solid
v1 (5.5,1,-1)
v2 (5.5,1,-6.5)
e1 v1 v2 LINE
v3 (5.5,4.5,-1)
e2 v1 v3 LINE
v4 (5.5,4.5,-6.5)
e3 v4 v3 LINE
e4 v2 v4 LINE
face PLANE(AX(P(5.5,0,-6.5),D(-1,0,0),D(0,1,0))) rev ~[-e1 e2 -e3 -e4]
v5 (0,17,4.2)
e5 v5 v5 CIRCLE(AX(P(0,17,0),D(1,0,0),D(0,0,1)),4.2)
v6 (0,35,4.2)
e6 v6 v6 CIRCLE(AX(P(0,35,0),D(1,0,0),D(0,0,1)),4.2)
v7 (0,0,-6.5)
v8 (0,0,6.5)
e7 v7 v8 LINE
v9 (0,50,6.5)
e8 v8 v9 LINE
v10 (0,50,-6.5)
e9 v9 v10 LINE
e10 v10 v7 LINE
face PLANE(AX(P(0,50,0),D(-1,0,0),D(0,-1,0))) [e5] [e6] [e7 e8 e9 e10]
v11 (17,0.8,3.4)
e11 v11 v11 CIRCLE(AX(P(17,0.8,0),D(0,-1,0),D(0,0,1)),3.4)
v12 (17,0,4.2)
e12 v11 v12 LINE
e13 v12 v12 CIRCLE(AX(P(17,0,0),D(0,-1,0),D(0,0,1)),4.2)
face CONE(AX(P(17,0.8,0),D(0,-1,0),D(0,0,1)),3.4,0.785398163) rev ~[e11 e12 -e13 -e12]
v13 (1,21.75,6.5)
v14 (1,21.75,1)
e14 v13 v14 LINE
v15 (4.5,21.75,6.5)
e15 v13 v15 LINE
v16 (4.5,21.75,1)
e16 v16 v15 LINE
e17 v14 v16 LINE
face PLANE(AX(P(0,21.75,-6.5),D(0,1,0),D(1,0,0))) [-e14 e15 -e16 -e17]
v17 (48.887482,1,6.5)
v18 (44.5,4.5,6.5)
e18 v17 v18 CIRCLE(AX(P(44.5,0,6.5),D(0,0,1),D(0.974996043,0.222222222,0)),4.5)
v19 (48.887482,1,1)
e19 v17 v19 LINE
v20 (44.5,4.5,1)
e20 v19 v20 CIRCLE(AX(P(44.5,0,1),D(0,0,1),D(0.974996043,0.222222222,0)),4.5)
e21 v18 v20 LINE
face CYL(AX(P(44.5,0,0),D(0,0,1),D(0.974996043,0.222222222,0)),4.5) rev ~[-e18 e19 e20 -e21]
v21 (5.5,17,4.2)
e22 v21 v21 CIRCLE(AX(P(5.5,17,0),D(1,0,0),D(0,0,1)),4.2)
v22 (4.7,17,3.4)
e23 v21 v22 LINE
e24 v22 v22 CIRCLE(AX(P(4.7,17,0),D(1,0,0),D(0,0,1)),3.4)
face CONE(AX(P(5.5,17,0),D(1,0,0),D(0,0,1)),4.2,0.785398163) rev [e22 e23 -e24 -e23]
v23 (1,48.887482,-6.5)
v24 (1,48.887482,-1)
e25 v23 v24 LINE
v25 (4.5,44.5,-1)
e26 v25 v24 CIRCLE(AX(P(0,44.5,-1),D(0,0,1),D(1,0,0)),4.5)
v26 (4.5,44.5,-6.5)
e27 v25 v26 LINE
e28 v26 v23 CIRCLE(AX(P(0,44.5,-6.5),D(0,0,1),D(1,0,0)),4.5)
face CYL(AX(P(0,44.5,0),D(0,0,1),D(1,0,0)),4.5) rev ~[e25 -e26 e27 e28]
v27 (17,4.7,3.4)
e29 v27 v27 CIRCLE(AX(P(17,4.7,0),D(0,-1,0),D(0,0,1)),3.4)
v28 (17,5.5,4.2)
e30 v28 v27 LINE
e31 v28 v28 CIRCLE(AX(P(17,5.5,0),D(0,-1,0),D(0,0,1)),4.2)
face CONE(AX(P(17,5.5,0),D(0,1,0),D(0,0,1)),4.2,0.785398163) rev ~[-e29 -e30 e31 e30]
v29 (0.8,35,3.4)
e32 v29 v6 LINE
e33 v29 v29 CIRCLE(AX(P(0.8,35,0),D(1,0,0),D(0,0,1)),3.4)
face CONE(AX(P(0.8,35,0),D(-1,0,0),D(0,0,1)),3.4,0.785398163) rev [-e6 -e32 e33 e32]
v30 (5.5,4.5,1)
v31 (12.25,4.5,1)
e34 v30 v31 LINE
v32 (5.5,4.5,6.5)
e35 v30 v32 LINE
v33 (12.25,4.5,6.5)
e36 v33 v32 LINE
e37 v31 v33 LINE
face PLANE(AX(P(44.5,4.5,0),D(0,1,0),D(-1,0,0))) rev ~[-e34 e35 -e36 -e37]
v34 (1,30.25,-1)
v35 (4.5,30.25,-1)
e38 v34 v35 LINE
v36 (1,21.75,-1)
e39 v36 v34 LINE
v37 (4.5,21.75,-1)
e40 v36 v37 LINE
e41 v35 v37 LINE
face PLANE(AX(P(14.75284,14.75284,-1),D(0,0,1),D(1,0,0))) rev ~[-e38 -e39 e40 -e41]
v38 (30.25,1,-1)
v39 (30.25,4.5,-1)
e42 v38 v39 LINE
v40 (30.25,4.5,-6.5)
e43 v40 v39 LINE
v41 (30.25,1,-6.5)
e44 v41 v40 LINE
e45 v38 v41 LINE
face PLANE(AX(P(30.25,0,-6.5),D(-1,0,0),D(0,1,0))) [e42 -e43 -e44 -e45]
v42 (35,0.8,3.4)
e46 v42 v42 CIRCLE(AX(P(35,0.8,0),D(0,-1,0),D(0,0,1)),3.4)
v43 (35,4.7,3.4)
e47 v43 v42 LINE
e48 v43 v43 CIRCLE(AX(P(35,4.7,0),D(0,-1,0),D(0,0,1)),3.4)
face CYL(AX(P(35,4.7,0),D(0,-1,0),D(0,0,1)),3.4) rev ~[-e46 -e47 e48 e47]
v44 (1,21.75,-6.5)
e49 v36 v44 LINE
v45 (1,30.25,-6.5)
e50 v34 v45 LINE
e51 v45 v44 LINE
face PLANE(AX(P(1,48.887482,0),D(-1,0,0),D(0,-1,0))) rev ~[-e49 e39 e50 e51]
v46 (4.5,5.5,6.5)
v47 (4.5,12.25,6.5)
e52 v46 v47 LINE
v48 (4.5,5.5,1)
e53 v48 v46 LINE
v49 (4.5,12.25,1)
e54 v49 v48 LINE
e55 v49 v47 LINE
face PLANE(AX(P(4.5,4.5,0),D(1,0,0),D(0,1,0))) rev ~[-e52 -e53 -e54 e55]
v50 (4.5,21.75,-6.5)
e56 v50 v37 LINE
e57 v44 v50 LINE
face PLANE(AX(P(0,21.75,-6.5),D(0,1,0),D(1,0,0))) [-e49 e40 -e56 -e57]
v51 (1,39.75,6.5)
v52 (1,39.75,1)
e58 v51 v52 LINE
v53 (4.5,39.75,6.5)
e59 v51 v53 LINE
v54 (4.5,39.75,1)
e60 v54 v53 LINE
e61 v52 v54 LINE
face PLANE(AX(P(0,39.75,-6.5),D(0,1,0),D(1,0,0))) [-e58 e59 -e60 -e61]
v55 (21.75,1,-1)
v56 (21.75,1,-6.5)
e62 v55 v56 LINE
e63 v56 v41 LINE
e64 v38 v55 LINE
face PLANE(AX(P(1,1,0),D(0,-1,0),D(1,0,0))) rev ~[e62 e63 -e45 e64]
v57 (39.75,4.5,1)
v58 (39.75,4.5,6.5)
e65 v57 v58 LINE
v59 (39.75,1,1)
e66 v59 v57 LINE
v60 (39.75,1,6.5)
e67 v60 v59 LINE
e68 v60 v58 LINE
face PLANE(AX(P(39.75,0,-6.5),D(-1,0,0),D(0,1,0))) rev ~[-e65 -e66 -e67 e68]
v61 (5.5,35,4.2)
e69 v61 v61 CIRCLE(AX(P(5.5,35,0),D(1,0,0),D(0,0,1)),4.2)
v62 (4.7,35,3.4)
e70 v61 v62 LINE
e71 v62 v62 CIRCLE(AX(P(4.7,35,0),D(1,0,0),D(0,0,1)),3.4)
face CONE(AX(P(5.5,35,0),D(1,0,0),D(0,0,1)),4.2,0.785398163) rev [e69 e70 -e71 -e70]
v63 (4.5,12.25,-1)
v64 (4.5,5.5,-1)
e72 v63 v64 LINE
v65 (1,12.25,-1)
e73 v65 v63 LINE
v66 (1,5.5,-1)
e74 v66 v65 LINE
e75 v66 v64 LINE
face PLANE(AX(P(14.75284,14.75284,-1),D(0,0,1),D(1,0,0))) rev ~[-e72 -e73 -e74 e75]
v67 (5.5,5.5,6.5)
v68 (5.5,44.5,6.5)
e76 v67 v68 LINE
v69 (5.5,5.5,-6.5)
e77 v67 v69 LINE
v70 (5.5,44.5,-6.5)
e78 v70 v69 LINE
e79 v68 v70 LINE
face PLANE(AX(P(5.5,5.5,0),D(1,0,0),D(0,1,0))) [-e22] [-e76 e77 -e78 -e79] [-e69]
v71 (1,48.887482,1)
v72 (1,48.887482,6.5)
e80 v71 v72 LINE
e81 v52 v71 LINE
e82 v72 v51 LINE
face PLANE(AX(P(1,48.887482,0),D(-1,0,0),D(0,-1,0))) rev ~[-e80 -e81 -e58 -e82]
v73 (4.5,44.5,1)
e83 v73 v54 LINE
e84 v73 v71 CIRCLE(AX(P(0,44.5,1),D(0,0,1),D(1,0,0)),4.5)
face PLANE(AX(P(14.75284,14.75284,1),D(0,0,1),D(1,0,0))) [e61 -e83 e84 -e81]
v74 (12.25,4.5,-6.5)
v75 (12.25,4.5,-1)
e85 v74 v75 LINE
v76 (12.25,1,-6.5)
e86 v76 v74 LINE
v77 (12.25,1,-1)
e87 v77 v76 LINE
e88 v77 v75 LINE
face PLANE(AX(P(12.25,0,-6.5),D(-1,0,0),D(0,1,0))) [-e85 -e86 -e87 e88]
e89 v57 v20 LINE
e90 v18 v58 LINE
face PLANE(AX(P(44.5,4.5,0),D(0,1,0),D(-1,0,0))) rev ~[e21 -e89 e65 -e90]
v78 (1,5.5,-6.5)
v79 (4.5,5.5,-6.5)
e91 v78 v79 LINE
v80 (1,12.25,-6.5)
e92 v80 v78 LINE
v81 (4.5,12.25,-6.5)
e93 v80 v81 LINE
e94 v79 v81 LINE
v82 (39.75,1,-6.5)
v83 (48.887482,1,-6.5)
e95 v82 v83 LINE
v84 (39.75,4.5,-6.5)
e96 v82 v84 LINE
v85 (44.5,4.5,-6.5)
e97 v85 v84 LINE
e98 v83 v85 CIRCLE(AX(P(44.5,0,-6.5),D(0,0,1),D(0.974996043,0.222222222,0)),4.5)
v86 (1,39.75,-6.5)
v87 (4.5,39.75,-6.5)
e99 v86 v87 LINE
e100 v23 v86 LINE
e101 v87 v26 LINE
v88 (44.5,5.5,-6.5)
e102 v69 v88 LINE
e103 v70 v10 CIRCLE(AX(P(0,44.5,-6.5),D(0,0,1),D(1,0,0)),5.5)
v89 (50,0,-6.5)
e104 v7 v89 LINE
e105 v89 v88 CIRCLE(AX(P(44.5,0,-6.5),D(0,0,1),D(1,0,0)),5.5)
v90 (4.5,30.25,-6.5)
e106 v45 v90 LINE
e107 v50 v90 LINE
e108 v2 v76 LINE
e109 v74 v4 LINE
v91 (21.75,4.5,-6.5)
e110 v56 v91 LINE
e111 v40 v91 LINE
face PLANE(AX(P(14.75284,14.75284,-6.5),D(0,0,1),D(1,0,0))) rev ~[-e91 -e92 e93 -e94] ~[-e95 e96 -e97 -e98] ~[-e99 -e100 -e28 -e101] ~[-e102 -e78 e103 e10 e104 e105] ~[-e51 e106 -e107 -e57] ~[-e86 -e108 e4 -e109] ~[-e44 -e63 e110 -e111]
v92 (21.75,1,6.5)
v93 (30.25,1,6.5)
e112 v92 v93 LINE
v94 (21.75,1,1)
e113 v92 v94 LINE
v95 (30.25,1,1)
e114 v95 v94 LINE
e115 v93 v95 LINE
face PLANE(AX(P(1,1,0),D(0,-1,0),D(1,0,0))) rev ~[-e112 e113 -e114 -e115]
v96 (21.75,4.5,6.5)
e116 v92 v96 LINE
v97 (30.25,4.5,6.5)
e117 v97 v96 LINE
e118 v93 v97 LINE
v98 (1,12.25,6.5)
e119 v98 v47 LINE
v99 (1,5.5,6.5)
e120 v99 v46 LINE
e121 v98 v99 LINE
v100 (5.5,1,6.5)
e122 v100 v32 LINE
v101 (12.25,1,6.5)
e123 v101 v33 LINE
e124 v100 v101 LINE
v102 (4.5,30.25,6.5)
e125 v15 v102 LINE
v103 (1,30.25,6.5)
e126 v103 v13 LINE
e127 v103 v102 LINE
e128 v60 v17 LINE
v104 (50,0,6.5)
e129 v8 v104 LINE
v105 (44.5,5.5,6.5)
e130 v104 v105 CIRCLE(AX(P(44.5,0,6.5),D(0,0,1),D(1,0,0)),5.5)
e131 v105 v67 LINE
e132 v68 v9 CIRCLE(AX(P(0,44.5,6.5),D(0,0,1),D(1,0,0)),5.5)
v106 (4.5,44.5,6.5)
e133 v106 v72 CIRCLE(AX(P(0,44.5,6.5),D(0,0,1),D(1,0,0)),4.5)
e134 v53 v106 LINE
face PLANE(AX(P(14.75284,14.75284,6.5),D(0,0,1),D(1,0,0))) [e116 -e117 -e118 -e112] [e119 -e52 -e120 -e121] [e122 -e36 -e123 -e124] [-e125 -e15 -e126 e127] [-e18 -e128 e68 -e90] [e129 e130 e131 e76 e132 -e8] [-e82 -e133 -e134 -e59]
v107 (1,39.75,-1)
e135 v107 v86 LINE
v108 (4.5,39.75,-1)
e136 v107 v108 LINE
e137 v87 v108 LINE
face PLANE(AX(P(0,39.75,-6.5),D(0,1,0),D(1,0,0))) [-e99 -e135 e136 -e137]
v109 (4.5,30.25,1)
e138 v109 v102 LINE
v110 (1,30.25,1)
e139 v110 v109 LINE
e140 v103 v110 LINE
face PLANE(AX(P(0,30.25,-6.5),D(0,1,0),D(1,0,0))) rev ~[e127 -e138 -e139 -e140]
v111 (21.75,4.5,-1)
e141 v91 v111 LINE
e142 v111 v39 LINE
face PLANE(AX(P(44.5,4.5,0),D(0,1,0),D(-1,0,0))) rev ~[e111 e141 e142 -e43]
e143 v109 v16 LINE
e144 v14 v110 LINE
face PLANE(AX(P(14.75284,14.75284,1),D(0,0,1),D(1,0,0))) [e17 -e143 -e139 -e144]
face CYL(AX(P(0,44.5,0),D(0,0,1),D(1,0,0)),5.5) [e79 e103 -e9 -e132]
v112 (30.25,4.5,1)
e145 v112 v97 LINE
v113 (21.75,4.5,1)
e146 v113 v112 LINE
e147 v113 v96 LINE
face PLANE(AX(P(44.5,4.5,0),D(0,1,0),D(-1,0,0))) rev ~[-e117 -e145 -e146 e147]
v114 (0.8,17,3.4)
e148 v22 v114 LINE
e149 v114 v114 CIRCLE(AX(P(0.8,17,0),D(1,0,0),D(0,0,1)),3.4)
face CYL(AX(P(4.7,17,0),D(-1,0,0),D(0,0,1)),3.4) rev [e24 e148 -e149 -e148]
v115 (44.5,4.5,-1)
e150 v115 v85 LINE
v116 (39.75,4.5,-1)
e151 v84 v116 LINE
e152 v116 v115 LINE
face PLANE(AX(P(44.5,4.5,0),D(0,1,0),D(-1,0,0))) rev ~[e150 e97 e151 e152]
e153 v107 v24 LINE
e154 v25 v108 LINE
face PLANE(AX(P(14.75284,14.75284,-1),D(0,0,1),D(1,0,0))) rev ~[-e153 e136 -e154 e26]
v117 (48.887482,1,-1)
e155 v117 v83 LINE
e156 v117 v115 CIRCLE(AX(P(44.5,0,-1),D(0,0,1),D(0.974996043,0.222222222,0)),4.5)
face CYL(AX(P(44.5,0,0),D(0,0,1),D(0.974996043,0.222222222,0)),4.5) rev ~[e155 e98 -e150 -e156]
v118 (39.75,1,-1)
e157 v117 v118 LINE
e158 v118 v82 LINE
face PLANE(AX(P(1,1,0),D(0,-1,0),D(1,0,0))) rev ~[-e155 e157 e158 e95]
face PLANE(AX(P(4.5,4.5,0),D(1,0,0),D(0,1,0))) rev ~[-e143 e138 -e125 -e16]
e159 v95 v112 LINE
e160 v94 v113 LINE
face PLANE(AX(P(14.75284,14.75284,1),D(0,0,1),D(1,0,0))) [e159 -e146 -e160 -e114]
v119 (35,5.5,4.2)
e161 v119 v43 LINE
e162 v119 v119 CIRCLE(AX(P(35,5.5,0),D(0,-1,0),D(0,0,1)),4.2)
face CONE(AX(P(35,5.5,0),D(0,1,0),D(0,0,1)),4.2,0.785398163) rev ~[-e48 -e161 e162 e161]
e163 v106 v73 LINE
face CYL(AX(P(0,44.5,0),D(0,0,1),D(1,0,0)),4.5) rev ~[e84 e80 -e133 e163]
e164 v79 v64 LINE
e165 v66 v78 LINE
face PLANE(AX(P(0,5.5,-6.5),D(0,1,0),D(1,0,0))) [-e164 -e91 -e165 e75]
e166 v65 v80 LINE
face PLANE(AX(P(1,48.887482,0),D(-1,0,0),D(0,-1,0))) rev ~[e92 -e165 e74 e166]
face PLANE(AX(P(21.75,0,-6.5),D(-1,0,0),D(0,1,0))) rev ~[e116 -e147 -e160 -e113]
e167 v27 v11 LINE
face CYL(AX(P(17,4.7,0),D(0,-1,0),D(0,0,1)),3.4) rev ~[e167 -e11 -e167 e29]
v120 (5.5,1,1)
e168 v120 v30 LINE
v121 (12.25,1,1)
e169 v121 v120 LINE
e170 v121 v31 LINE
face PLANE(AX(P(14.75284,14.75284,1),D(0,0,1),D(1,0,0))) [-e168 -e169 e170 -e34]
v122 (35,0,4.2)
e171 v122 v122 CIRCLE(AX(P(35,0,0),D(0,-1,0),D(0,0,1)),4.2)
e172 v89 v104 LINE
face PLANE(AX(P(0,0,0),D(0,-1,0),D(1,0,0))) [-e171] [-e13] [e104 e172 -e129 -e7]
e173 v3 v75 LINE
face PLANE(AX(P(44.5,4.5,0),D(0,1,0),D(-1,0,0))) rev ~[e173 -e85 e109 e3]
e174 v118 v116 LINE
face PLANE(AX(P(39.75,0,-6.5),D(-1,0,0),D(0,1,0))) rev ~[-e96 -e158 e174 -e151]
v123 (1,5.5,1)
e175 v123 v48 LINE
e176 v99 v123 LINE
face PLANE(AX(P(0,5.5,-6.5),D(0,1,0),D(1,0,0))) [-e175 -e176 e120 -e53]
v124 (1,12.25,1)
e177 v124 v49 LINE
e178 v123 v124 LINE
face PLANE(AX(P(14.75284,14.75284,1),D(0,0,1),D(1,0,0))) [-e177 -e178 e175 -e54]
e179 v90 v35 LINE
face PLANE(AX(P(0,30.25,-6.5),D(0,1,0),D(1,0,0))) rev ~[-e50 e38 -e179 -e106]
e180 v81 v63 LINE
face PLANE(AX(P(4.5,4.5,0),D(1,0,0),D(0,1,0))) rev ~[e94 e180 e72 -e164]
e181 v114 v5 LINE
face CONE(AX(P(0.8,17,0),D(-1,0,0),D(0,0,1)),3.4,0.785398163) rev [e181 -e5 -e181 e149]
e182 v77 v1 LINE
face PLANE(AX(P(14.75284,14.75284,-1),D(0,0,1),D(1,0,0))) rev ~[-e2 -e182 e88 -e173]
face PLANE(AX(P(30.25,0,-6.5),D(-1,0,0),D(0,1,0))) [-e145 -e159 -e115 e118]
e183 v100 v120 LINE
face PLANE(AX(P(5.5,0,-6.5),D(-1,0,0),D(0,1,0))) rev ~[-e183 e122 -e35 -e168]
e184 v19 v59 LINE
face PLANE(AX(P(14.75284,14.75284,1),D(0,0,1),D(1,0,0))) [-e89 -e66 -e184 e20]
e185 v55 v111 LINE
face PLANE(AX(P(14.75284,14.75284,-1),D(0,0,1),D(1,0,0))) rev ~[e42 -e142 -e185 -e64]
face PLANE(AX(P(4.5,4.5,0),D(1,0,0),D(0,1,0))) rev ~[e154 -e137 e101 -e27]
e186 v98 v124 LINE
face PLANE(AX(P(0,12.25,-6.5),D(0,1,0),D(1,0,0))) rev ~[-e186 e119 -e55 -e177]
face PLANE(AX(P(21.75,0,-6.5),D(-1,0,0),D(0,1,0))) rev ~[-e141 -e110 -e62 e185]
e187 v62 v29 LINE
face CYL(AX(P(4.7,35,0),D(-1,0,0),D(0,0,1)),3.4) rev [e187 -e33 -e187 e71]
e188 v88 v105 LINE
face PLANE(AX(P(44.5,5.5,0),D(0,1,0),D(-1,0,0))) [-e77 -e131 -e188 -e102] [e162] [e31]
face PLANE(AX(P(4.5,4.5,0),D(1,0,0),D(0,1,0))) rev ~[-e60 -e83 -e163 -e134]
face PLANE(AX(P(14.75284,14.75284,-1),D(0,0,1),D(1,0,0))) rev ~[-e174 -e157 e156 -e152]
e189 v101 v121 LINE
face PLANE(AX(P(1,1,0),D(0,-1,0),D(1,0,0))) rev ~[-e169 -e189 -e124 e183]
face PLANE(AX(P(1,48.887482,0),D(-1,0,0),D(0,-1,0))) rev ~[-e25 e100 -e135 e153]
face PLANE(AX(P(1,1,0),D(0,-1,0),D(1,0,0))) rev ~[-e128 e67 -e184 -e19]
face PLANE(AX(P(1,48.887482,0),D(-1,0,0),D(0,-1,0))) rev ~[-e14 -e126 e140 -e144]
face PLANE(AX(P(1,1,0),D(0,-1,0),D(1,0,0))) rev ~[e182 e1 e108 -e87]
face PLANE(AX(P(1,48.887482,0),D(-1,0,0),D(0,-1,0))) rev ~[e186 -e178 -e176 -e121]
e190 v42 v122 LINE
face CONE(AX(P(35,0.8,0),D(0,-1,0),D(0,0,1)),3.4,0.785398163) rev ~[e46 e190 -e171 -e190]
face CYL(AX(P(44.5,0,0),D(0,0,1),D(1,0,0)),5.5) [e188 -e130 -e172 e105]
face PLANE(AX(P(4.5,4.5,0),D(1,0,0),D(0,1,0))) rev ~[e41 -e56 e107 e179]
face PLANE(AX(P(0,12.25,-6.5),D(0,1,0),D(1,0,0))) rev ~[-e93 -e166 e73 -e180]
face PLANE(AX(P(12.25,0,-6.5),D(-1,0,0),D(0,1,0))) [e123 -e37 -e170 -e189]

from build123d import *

# Parameters (mm, degrees)
EXTRUDE_1_DEPTH            = 6.5
EXTRUDE_START              = -6.5
SKETCH_2_W                 = 5.5
SKETCH_2_H                 = 5.5
SKETCH_2_H_2               = 9.5
SKETCH_2_W_2               = 9.5
EXTRUDE_2_DEPTH            = 13
EXTRUDE_3_DEPTH            = 1
HOLE_WIZARD_M81_AT_2_COUNT = 2
HOLE_WIZARD_M81_AT_2_PITCH = 18


with BuildPart() as part:
    # Эскиз1 → Бобышка-Вытянуть1 (new body, symmetric)
    with BuildSketch(Plane.XY):
        with BuildLine():
            Line((0, 50), (0, 0))
            Line((0, 0), (50, 0))
            ThreePointArc((50, 0), (48.389087297, 3.889087297), (44.5, 5.5))
            Line((44.5, 5.5), (5.5, 5.5))
            Line((5.5, 5.5), (5.5, 44.5))
            ThreePointArc((5.5, 44.5), (3.889087297, 48.389087297), (0, 50))
        make_face()
        with BuildLine():
            Line((1, 48.887482194), (1, 1))
            Line((1, 1), (48.887482194, 1))
            ThreePointArc((48.887482194, 1), (47.30624304, 3.51781182), (44.5, 4.5))
            Line((44.5, 4.5), (4.5, 4.5))
            Line((4.5, 4.5), (4.5, 44.5))
            ThreePointArc((4.5, 44.5), (3.51781182, 47.30624304), (1, 48.887482194))
        make_face(mode=Mode.SUBTRACT)
    extrude(amount=EXTRUDE_1_DEPTH, both=True)

    # Эскиз2 → Бобышка-Вытянуть2 (add)
    with BuildSketch(Plane.XY.offset(EXTRUDE_START)):
        with Locations((2.75, 2.75)):
            Rectangle(SKETCH_2_W, SKETCH_2_H)
        with Locations((2.75, 35)):
            Rectangle(SKETCH_2_W, SKETCH_2_H_2)
        with Locations((2.75, 17)):
            Rectangle(SKETCH_2_W, SKETCH_2_H_2)
        with Locations((17, 2.75)):
            Rectangle(SKETCH_2_W_2, SKETCH_2_H)
        with Locations((35, 2.75)):
            Rectangle(SKETCH_2_W_2, SKETCH_2_H)
    extrude(amount=EXTRUDE_2_DEPTH)

    # Эскиз3 → Бобышка-Вытянуть3 (add, symmetric)
    with BuildSketch(Plane.XY):
        with BuildLine():
            Line((0, 0), (50, 0))
            ThreePointArc((50, 0), (48.389087297, 3.889087297), (44.5, 5.5))
            Line((44.5, 5.5), (5.5, 5.5))
            Line((5.5, 5.5), (5.5, 44.5))
            ThreePointArc((5.5, 44.5), (3.889087297, 48.389087297), (0, 50))
            Line((0, 50), (0, 0))
        make_face()
    extrude(amount=EXTRUDE_3_DEPTH, both=True)

    # Эскиз5 → Отверстие обработанное метчиком M81 (revolve, cut)
    with BuildSketch(Plane.ZX.offset(35)):
        Polygon((0, 0), (0, 5.5), (4.2, 5.5), (3.4, 4.7), (3.4, 0.8), (4.2, 0), align=None)
    hole_wizard_m81 = revolve(axis=Axis((-6.35, 35, 0), (1, 0, 0)), mode=Mode.SUBTRACT)

    # Отверстие обработанное метчиком M81 at 2: Отверстие обработанное метчиком M81 ×2
    with Locations(*[(0, -i * HOLE_WIZARD_M81_AT_2_PITCH, 0) for i in range(1, HOLE_WIZARD_M81_AT_2_COUNT)]):
        add(hole_wizard_m81, mode=Mode.SUBTRACT)

    # Зеркальное отражение1: Отверстие обработанное метчиком M81 across plane
    add(hole_wizard_m81.mirror(Plane(origin=(0, 0, 0), x_dir=(0, 0, 1), z_dir=(-0.707106781, 0.707106781, 0))), mode=Mode.SUBTRACT)

    # Зеркальное отражение1 copy 1 sketch → Зеркальное отражение1 copy 1 (revolve, cut)
    with BuildSketch(Plane(origin=(17, 0, 0), x_dir=(0, 0, 1), z_dir=(1, 0, 0))):
        Polygon((0, 0), (0, -5.5), (4.2, -5.5), (3.4, -4.7), (3.4, -0.8), (4.2, 0), align=None)
    revolve(axis=Axis((17, -6.35, 0), (0, -1, 0)), mode=Mode.SUBTRACT)


solid = part.part
